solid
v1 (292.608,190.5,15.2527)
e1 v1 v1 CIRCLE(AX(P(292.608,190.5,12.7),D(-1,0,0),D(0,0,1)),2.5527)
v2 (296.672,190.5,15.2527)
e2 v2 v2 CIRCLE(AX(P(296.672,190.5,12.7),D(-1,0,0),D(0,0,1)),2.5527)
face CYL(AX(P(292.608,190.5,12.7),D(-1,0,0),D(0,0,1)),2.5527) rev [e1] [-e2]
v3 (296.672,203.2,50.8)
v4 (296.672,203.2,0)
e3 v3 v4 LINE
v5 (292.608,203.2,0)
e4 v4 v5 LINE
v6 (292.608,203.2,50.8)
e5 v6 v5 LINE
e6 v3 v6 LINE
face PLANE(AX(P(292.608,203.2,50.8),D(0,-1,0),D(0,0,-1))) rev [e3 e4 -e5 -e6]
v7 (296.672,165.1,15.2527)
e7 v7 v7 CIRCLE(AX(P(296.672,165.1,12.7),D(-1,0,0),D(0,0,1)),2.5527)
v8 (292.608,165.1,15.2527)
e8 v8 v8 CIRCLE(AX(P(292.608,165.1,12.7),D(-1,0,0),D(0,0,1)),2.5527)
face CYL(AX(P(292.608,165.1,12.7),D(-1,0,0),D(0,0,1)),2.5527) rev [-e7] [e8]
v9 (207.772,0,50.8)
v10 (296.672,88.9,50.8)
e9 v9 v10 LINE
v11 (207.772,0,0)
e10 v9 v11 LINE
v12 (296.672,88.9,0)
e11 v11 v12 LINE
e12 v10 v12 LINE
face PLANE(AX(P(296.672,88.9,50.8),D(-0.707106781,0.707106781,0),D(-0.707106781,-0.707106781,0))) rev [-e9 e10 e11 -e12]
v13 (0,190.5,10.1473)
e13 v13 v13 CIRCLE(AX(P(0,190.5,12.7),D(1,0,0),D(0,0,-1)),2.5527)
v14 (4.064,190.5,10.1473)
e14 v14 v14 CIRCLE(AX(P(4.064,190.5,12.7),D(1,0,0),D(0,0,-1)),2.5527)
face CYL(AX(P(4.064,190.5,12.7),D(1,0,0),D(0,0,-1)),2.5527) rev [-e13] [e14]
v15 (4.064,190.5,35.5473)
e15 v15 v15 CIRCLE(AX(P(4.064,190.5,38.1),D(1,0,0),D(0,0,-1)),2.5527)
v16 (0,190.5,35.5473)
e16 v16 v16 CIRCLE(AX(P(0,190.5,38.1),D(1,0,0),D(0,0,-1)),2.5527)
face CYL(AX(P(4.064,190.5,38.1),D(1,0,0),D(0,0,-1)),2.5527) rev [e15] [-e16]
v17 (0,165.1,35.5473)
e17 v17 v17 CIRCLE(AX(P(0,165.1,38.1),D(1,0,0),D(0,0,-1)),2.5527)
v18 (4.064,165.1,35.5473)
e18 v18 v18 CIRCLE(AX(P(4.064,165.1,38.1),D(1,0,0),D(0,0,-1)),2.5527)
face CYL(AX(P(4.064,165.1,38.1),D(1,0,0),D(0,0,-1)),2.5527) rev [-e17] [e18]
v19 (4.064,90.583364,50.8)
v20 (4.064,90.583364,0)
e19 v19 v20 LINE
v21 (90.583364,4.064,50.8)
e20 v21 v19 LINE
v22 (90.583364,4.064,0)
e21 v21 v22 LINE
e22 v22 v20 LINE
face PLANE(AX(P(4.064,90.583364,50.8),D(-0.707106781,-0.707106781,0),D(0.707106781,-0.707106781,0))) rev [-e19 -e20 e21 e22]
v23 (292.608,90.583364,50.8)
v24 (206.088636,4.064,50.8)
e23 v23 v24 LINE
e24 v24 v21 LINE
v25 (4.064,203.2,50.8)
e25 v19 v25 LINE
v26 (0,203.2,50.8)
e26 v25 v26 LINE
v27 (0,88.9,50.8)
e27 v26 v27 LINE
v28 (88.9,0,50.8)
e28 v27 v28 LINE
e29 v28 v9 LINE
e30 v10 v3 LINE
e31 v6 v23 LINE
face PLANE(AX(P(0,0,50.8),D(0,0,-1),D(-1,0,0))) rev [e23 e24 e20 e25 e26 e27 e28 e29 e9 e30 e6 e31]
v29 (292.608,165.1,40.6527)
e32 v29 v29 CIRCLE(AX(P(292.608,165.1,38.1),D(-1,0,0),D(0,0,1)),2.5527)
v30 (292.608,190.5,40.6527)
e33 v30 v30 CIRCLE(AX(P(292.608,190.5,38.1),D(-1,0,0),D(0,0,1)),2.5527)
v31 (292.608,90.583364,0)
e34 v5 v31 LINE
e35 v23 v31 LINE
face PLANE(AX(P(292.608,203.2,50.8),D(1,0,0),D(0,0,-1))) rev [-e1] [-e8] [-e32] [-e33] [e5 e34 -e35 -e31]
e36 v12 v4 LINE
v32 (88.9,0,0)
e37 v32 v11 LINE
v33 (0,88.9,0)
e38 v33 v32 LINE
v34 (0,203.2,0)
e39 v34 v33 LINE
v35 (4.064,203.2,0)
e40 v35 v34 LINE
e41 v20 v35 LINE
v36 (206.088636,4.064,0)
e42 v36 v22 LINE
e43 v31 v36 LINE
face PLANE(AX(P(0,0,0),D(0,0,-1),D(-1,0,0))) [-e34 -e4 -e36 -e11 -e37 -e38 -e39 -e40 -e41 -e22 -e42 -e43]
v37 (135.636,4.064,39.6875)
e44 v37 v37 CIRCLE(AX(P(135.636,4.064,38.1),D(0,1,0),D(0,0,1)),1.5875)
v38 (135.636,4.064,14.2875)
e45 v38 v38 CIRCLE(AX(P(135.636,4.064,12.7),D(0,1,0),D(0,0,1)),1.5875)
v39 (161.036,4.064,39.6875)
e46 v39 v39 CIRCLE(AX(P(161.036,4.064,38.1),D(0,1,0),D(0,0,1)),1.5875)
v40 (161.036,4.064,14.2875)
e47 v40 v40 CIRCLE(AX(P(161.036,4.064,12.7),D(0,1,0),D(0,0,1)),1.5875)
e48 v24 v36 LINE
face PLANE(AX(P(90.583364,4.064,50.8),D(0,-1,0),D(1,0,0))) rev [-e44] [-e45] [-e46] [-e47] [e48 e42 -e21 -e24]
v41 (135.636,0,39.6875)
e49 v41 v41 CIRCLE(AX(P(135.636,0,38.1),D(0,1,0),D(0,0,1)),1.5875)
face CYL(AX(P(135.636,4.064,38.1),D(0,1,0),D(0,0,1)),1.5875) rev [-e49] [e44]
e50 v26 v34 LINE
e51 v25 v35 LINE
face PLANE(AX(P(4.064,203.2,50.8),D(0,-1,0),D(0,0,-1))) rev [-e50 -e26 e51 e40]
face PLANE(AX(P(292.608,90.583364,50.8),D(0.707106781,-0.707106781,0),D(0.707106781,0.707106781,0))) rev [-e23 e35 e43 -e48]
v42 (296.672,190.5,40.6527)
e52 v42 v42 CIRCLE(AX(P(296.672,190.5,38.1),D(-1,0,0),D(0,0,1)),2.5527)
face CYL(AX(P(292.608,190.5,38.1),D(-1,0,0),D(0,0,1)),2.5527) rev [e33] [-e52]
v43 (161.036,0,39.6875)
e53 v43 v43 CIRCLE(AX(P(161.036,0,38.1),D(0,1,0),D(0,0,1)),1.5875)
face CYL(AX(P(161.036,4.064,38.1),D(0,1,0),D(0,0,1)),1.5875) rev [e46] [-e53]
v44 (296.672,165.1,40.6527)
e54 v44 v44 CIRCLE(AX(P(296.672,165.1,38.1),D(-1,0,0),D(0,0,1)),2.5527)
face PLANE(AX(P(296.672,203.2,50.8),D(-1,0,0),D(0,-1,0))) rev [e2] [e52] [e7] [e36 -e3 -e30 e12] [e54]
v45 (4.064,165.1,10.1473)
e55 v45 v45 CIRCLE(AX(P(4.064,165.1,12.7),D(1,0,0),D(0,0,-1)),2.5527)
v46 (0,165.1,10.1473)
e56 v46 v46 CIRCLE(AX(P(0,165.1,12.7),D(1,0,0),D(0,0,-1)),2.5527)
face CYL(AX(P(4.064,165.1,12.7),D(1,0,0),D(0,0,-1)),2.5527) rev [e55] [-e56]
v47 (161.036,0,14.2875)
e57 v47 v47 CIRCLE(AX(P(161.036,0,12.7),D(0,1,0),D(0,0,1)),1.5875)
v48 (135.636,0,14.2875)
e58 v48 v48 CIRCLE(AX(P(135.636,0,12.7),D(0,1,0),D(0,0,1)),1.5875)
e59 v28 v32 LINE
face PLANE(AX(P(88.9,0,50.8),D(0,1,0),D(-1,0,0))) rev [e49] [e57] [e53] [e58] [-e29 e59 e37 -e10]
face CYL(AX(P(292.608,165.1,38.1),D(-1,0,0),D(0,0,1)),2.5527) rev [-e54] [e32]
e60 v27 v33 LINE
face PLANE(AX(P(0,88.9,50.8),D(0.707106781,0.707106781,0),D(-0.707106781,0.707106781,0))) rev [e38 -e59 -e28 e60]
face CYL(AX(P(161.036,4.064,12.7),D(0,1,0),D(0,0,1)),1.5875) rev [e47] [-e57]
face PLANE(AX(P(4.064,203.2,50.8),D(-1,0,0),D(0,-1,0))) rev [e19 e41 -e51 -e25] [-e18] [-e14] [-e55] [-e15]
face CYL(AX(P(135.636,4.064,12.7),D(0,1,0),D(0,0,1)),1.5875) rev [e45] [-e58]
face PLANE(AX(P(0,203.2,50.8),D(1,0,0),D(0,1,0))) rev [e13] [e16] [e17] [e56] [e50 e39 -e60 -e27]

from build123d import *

# Parameters (mm, degrees)
BOSS_EXTRUDE2_DEPTH          = 50.8
F_10_CLEARANCE_HOLE1_D       = 5.1054
F_10_CLEARANCE_HOLE1_DEPTH   = 4.064
F_1_8_0_125_DIAMETER_HOLE1_D = 3.175


with BuildPart() as part:
    # Sketch1 → Boss-Extrude2 (new body)
    with BuildSketch(Plane.XY):
        Polygon((0, 203.2), (0, 88.9), (88.9, 0), (207.772, 0), (296.672, 88.9), (296.672, 203.2), (292.608, 203.2), (292.608, 90.583363917), (206.088636083, 4.064), (90.583363917, 4.064), (4.064, 90.583363917), (4.064, 203.2), align=None)
    extrude(amount=BOSS_EXTRUDE2_DEPTH)

    # #10 Clearance Hole1
    with Locations(Plane(origin=(4.064, 0, 0), x_dir=(0, 0, -1), z_dir=(1, 0, 0))):
        with Locations((-38.1, 190.5), (-12.7, 165.1), (-38.1, 165.1), (-12.7, 190.5)):
            f_10_clearance_hole1 = Hole(F_10_CLEARANCE_HOLE1_D / 2, depth=F_10_CLEARANCE_HOLE1_DEPTH)

    # Mirror1: #10 Clearance Hole1 across plane
    add(f_10_clearance_hole1.mirror(Plane(origin=(148.336, 0, 0), x_dir=(0, 0, 1), z_dir=(1, 0, 0))), mode=Mode.SUBTRACT)

    # 1/8 (0.125) Diameter Hole1 (through all)
    with Locations(Plane(origin=(0, 4.064, 0), x_dir=(1, 0, 0), z_dir=(0, 1, 0))):
        with Locations((135.636, -38.1), (161.036, -12.7), (135.636, -12.7), (161.036, -38.1)):
            Hole(F_1_8_0_125_DIAMETER_HOLE1_D / 2)


solid = part.part
